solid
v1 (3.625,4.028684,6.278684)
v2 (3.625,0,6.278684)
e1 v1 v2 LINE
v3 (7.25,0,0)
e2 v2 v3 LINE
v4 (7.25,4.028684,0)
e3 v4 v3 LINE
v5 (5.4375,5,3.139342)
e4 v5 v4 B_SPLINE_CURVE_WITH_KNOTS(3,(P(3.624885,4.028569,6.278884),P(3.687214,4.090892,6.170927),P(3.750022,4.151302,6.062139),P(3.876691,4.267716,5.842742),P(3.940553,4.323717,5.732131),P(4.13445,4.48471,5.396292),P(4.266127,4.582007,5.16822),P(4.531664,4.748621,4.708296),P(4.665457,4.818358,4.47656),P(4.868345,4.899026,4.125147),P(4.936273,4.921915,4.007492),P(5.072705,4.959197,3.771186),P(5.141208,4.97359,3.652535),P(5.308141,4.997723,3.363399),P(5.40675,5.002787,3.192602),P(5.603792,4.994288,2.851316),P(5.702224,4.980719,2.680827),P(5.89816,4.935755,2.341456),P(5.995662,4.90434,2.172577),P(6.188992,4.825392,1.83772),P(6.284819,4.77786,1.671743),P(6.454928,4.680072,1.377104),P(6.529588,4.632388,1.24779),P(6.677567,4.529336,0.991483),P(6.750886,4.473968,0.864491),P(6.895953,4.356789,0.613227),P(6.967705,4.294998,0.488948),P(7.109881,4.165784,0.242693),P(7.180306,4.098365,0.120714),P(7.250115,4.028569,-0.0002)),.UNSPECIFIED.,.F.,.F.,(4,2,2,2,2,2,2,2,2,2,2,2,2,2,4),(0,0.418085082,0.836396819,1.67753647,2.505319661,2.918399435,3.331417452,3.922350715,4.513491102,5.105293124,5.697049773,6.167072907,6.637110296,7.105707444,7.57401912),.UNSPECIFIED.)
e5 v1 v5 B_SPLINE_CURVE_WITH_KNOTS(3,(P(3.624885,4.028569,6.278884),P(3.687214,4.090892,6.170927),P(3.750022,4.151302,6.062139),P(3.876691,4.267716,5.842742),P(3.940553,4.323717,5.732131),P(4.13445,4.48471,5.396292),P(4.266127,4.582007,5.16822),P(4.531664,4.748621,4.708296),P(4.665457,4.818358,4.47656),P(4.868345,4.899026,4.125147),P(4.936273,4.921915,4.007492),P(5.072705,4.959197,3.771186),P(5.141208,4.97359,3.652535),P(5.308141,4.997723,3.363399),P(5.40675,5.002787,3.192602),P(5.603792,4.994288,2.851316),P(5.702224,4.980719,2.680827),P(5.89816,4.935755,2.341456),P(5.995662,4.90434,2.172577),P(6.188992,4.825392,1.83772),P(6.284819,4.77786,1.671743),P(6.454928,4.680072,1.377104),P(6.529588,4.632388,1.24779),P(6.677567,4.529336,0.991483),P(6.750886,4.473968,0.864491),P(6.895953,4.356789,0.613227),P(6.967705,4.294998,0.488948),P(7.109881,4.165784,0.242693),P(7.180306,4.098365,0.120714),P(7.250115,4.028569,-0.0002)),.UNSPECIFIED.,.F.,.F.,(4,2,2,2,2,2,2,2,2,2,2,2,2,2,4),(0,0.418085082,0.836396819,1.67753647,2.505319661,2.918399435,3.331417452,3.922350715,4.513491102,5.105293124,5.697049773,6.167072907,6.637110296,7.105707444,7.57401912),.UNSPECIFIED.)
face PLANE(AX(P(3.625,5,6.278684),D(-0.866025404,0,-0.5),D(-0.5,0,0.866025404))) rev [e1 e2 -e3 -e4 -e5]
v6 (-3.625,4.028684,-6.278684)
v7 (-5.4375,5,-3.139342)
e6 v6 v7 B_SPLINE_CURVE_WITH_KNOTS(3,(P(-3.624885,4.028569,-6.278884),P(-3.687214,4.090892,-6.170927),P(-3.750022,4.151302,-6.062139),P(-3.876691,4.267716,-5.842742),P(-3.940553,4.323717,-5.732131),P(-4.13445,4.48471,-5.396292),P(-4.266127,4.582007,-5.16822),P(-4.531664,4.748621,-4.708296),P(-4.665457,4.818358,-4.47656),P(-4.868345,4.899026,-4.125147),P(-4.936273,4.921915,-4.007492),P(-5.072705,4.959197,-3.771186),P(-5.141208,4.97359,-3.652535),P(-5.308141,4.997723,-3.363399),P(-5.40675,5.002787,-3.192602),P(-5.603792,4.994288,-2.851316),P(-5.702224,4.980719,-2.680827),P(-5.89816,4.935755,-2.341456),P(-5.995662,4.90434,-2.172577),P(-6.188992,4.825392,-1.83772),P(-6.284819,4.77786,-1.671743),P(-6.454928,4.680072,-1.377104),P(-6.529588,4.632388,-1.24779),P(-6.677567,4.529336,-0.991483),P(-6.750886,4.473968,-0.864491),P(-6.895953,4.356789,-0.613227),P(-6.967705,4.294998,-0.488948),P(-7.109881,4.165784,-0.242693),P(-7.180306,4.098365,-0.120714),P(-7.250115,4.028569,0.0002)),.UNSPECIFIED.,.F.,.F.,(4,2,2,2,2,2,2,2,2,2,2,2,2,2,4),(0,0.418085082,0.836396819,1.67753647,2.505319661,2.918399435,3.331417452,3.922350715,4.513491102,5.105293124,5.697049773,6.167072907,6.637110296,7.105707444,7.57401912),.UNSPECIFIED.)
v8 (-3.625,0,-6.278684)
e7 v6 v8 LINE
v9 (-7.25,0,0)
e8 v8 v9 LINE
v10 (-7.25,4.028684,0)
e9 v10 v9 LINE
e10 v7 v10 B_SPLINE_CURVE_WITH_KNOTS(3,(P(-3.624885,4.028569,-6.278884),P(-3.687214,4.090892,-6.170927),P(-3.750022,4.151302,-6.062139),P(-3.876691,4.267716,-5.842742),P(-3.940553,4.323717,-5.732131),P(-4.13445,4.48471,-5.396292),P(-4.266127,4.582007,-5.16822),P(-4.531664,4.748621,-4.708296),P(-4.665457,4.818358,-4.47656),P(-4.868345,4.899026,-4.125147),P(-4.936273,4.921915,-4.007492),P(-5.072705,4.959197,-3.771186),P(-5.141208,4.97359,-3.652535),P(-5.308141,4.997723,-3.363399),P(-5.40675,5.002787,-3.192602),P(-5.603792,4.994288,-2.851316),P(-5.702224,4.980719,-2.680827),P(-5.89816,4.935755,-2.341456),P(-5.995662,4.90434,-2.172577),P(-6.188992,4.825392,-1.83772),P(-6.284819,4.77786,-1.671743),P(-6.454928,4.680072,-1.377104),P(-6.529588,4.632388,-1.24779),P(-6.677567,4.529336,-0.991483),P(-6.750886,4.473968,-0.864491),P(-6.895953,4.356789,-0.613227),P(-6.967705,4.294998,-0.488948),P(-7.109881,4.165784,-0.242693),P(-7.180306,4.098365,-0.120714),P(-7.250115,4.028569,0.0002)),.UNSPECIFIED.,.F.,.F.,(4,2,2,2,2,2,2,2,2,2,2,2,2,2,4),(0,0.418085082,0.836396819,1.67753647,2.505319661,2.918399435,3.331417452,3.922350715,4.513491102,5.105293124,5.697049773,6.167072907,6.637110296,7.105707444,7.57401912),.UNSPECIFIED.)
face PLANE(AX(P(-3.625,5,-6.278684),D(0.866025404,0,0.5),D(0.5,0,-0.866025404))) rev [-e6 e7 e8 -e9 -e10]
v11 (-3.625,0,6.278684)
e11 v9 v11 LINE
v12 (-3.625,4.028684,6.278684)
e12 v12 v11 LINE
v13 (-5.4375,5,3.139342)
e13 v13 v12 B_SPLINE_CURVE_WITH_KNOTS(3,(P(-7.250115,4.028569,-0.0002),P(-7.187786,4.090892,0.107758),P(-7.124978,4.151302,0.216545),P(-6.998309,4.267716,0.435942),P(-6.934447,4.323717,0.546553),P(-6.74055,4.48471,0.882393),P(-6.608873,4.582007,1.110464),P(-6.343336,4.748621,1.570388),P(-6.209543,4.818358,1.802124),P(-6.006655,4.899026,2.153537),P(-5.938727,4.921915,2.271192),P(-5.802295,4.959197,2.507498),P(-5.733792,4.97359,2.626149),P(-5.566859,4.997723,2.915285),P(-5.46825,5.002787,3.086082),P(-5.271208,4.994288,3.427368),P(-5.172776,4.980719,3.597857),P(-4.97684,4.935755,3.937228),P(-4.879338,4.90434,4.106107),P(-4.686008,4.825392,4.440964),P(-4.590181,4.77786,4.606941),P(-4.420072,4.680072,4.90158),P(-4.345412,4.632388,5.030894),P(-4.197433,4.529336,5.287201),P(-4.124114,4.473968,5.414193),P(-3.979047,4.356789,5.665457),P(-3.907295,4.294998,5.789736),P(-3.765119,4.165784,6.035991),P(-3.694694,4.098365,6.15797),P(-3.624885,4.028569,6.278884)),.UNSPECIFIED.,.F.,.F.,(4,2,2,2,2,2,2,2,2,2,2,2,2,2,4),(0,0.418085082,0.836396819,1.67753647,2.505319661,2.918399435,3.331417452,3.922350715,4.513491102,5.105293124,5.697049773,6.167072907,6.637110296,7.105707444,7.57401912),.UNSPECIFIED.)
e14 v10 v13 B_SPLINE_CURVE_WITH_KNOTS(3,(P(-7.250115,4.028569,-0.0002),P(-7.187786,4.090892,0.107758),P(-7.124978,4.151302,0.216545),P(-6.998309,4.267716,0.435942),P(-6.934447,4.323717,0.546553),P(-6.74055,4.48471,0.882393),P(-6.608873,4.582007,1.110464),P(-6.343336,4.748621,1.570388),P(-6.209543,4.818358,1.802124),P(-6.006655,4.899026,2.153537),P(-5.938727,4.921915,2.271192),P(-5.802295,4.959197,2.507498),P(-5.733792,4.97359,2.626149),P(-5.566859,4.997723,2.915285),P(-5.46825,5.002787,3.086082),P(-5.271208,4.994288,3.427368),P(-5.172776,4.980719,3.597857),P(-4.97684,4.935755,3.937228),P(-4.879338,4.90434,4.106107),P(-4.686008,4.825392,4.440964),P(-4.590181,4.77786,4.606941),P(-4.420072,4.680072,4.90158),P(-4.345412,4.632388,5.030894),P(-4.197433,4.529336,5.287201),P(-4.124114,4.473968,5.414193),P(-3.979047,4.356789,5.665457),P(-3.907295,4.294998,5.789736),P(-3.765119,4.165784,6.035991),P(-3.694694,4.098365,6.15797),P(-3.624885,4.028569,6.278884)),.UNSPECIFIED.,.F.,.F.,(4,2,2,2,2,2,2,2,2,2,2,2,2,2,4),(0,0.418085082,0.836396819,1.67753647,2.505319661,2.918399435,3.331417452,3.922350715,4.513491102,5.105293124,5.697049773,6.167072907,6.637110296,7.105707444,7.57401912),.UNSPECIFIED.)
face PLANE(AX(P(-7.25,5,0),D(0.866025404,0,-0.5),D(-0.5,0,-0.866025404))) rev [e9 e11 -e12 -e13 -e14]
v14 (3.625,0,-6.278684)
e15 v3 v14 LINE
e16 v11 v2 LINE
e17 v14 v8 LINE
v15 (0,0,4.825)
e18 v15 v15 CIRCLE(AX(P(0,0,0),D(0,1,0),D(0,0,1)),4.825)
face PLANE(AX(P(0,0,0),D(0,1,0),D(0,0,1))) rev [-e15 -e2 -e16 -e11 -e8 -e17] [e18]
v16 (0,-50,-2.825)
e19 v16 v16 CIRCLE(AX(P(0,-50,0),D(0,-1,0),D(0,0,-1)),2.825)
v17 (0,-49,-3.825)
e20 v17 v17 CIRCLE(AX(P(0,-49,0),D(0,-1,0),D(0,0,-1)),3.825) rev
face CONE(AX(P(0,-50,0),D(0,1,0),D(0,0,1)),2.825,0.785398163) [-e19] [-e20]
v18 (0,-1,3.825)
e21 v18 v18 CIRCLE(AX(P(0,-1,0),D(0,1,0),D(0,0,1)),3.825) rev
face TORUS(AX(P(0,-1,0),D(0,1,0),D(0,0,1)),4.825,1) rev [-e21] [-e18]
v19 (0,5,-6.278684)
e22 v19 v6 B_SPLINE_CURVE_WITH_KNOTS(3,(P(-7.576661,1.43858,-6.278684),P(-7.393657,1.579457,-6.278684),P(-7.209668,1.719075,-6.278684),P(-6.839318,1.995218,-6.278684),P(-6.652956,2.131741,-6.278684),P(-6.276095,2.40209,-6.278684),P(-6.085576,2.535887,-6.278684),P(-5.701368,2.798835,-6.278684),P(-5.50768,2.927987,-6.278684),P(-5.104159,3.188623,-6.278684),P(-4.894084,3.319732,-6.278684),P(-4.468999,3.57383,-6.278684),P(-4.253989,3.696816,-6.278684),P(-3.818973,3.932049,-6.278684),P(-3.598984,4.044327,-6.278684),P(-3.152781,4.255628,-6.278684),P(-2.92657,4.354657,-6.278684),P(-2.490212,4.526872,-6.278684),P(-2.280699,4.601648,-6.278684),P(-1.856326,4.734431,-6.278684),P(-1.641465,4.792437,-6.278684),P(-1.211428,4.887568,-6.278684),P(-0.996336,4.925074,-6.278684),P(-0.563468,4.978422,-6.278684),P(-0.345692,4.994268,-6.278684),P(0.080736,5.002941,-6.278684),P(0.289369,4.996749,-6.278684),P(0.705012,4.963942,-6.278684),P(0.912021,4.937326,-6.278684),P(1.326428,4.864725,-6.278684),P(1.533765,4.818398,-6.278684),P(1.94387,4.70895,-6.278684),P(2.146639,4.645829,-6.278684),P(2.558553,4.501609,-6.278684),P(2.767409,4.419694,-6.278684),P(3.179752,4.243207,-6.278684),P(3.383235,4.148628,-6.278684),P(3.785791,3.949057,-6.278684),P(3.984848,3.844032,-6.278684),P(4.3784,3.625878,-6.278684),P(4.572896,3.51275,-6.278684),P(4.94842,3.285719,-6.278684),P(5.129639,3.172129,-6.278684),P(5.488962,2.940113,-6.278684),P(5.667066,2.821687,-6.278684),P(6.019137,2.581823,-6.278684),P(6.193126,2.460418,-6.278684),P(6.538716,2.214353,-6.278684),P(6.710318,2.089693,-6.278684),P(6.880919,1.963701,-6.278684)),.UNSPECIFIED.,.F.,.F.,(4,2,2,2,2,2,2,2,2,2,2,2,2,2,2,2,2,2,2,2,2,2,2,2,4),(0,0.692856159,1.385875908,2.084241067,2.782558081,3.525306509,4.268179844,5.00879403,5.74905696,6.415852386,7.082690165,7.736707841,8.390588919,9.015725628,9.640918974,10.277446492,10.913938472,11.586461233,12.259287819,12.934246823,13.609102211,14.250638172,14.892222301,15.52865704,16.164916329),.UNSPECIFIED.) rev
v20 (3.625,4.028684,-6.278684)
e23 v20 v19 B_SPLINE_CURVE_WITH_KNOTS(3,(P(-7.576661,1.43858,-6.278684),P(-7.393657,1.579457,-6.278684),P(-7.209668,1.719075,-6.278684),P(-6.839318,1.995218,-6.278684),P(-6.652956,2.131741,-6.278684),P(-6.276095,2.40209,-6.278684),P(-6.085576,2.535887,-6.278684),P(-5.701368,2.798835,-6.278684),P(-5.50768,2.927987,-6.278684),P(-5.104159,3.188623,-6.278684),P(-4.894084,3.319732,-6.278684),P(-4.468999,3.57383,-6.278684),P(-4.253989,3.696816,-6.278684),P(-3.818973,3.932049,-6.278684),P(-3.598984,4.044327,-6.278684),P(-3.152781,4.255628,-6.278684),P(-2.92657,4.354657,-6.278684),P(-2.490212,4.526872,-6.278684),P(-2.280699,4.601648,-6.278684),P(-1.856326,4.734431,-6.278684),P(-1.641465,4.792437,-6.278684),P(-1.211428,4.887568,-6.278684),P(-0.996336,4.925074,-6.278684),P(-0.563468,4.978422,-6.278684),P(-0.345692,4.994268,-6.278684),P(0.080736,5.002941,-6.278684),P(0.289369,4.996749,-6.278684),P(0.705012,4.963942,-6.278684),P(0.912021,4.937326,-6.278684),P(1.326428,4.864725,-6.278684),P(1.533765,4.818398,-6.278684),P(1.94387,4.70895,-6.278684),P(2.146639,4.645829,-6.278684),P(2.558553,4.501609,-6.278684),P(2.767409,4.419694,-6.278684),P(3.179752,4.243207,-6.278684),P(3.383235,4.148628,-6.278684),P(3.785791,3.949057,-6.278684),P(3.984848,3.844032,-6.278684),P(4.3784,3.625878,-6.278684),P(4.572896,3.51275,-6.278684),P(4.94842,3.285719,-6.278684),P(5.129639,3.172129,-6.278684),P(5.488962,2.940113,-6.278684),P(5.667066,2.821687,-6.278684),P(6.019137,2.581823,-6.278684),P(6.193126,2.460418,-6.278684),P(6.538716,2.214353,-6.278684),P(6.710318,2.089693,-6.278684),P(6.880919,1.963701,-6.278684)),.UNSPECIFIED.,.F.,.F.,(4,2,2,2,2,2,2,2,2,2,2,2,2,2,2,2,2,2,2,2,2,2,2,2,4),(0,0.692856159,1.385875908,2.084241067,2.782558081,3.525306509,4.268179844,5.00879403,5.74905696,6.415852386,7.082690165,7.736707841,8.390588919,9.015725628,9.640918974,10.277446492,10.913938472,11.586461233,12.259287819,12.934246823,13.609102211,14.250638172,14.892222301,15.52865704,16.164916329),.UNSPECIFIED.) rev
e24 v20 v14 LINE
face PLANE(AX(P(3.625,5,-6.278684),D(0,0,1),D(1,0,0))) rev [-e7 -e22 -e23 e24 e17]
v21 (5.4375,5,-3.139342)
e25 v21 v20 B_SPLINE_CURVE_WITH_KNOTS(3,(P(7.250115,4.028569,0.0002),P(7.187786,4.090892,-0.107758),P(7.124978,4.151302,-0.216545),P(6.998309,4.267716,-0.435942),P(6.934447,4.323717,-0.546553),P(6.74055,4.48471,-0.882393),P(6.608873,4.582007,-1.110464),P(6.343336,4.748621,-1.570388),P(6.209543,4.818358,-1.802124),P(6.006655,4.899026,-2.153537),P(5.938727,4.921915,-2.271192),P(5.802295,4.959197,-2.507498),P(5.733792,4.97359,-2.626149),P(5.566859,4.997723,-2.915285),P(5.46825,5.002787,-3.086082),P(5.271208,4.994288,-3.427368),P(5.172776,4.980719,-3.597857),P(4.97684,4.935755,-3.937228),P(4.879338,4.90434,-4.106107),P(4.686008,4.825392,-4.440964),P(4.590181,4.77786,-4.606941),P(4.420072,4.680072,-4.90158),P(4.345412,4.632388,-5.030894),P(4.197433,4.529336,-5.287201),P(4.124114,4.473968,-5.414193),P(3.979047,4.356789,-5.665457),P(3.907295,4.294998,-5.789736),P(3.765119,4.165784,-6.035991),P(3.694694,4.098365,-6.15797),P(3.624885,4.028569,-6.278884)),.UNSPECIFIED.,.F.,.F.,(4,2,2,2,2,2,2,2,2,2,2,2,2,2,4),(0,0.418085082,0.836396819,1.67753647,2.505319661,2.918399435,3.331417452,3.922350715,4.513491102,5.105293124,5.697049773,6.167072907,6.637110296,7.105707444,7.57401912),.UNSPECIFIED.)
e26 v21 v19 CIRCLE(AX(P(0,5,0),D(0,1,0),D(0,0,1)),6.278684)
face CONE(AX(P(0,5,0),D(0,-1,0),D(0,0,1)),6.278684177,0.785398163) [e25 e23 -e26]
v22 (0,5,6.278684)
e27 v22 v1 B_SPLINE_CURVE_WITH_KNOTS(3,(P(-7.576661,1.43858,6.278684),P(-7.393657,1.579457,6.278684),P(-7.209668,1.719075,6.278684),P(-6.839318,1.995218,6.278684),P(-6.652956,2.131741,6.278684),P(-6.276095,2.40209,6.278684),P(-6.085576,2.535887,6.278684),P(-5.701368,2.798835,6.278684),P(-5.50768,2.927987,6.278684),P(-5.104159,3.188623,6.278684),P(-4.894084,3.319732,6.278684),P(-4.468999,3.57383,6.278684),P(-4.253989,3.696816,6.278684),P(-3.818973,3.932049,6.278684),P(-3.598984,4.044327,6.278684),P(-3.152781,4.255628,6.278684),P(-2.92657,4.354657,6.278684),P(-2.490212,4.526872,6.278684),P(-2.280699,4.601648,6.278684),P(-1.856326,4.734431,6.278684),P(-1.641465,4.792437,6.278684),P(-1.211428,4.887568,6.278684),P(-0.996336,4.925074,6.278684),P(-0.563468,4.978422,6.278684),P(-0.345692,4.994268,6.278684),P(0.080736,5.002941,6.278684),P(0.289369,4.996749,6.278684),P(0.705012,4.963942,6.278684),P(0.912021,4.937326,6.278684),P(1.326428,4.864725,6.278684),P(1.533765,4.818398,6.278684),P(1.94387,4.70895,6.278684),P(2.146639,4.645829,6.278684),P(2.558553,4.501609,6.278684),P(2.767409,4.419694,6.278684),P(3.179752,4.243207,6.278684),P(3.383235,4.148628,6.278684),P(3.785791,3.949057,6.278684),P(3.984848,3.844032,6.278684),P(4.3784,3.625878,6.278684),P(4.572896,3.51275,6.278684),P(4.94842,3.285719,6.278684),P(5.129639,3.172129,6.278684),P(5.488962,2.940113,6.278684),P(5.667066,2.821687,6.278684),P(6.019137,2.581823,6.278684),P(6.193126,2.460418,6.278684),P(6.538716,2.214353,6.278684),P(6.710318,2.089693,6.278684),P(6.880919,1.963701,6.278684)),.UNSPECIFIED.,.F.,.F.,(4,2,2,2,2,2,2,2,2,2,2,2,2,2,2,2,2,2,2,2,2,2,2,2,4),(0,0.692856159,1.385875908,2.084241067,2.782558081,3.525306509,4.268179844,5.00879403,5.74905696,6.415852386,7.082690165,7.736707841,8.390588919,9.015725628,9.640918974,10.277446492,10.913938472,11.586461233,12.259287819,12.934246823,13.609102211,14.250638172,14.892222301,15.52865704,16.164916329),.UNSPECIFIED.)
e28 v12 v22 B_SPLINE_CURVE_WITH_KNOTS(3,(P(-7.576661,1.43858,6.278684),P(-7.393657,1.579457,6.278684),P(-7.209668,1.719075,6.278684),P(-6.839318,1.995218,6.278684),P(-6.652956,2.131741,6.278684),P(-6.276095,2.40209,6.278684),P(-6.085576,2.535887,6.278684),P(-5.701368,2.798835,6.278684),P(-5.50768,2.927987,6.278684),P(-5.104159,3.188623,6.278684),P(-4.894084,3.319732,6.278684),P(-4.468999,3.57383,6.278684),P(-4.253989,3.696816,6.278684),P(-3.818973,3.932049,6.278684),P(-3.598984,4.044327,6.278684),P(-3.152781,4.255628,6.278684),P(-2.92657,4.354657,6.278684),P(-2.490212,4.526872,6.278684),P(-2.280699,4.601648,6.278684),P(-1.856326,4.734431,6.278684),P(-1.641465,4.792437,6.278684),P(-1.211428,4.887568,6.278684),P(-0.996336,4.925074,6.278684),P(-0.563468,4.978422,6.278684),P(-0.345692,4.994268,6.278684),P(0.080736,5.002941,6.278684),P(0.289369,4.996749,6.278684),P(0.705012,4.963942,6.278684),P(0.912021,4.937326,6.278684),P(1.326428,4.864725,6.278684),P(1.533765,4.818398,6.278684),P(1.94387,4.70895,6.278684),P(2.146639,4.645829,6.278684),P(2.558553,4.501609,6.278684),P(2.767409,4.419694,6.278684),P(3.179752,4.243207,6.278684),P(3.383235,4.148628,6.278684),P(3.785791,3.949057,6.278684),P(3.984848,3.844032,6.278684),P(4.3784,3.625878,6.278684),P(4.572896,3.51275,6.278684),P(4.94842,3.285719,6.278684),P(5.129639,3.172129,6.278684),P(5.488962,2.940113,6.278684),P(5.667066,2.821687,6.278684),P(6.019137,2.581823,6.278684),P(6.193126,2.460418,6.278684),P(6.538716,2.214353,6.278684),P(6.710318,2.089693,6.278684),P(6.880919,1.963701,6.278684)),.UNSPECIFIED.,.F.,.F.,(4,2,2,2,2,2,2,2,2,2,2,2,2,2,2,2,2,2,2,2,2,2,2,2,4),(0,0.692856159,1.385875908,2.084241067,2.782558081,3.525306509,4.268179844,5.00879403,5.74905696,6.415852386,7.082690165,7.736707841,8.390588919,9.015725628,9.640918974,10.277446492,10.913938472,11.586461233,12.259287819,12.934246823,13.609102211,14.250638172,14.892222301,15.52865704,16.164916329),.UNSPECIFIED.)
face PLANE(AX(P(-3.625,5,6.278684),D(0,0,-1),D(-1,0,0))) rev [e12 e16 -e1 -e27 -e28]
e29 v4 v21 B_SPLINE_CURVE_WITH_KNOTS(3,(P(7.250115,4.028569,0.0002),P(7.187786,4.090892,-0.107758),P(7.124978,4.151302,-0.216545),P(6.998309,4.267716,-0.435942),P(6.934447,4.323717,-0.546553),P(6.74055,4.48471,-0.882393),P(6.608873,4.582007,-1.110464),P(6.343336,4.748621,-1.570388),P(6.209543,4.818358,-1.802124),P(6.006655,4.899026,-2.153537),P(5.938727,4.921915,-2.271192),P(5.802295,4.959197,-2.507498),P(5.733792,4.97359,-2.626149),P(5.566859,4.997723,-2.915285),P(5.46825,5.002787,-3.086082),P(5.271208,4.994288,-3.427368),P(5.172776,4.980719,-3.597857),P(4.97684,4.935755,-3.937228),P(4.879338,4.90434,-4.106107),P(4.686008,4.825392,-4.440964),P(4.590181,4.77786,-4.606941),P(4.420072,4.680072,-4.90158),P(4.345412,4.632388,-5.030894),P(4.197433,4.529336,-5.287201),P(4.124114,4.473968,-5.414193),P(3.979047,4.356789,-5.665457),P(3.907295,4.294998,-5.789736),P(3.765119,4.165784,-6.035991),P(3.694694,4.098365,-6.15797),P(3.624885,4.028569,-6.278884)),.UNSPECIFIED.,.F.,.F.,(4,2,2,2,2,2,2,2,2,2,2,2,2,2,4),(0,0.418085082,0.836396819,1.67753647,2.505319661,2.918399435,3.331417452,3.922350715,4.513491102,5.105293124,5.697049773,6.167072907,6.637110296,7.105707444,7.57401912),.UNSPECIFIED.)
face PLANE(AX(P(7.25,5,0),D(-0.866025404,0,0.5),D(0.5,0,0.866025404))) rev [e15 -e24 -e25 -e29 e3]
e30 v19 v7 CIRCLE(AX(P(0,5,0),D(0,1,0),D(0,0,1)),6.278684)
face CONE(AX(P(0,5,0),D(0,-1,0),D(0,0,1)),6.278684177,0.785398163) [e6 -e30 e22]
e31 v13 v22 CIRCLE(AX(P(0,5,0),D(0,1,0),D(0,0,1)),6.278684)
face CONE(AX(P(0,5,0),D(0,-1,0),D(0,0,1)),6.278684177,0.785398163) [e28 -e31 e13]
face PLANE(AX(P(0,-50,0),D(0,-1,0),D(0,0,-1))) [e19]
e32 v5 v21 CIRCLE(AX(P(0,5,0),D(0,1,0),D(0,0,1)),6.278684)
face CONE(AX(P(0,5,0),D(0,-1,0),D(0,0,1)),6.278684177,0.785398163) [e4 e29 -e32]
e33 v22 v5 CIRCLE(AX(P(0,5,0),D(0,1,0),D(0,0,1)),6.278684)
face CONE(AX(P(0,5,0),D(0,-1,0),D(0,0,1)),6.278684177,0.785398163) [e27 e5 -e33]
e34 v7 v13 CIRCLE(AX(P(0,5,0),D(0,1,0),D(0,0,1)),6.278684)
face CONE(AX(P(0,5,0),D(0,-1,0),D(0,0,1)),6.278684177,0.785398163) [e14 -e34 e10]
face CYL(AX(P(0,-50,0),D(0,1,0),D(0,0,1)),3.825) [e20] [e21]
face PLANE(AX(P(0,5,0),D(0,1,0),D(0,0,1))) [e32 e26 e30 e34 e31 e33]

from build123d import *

# Parameters (mm, degrees)
EXTRUDE_1_DEPTH     = 5
SKETCH_8_OUTSIDE_W  = 22.464
SKETCH_8_OUTSIDE_H  = 20.522
SKETCH_8_OUTSIDE_R  = 6.278684177
CUT_EXTRUDE_1_DEPTH = 1
CUT_EXTRUDE_1_DRAFT = -45
SKETCH_9_R          = 3.825
BOLT_LENGTH_DEPTH   = 50
FILLET_1_R          = 1
CHAMFER_1_SIZE      = 1


with BuildPart() as part:
    # Эскиз6 → Бобышка-Вытянуть1 (new body)
    with BuildSketch(Plane(origin=(0, 0, 0), x_dir=(1, 0, 0), z_dir=(0, 1, 0))):
        Polygon((7.25, 0), (3.625, 6.278684177), (-3.625, 6.278684177), (-7.25, 0), (-3.625, -6.278684177), (3.625, -6.278684177), align=None)
    extrude(amount=EXTRUDE_1_DEPTH)


with BuildPart() as cut_extrude_1_tool:
    # Эскиз8 outside → Вырез-Вытянуть1 (with draft: the straight prism first)
    with BuildSketch(Plane(origin=(0, 5, 0), x_dir=(1, 0, 0), z_dir=(0, 1, 0))):
        Rectangle(SKETCH_8_OUTSIDE_W, SKETCH_8_OUTSIDE_H)
        Circle(SKETCH_8_OUTSIDE_R, mode=Mode.SUBTRACT)
    extrude(amount=-CUT_EXTRUDE_1_DEPTH)
    # Вырез-Вытянуть1: the draft: its side faces are tilted about the plane it starts from
    cut_extrude_1_sides = [cut_extrude_1_tool.faces().sort_by_distance(p)[0] for p in [
        (0, 4.5, 10.261),
        (11.232, 4.5, 0),
        (0, 4.5, -10.261),
        (-11.232, 4.5, 0),
        (-6.278684177, 4.5, 0),
    ]]
    draft(cut_extrude_1_sides, Plane(origin=(0, 5, 0), x_dir=(1, 0, 0), z_dir=(0, 1, 0)), CUT_EXTRUDE_1_DRAFT)


with BuildPart() as part_1:
    add(part.part)

    # Вырез-Вытянуть1: cut by cut_extrude_1_tool
    add(cut_extrude_1_tool.part, mode=Mode.SUBTRACT)

    # Эскиз9 → bolt length (add)
    with BuildSketch(Plane.XZ):
        with Locations(Location((0, 0, 0), (0, 0, 90))):  # turned: the seam where the file's is
            Circle(SKETCH_9_R)
    extrude(amount=BOLT_LENGTH_DEPTH)

    # Скругление1
    fillet_1_edges = [part_1.edges().sort_by_distance(p)[0] for p in [
        (0, 0, -3.825),
    ]]
    fillet(fillet_1_edges, radius=FILLET_1_R)

    # Фаска1
    chamfer_1_edges = [part_1.edges().sort_by_distance(p)[0] for p in [
        (0, -50, -3.825),
    ]]
    chamfer(chamfer_1_edges, length=CHAMFER_1_SIZE)


solid = part_1.part
